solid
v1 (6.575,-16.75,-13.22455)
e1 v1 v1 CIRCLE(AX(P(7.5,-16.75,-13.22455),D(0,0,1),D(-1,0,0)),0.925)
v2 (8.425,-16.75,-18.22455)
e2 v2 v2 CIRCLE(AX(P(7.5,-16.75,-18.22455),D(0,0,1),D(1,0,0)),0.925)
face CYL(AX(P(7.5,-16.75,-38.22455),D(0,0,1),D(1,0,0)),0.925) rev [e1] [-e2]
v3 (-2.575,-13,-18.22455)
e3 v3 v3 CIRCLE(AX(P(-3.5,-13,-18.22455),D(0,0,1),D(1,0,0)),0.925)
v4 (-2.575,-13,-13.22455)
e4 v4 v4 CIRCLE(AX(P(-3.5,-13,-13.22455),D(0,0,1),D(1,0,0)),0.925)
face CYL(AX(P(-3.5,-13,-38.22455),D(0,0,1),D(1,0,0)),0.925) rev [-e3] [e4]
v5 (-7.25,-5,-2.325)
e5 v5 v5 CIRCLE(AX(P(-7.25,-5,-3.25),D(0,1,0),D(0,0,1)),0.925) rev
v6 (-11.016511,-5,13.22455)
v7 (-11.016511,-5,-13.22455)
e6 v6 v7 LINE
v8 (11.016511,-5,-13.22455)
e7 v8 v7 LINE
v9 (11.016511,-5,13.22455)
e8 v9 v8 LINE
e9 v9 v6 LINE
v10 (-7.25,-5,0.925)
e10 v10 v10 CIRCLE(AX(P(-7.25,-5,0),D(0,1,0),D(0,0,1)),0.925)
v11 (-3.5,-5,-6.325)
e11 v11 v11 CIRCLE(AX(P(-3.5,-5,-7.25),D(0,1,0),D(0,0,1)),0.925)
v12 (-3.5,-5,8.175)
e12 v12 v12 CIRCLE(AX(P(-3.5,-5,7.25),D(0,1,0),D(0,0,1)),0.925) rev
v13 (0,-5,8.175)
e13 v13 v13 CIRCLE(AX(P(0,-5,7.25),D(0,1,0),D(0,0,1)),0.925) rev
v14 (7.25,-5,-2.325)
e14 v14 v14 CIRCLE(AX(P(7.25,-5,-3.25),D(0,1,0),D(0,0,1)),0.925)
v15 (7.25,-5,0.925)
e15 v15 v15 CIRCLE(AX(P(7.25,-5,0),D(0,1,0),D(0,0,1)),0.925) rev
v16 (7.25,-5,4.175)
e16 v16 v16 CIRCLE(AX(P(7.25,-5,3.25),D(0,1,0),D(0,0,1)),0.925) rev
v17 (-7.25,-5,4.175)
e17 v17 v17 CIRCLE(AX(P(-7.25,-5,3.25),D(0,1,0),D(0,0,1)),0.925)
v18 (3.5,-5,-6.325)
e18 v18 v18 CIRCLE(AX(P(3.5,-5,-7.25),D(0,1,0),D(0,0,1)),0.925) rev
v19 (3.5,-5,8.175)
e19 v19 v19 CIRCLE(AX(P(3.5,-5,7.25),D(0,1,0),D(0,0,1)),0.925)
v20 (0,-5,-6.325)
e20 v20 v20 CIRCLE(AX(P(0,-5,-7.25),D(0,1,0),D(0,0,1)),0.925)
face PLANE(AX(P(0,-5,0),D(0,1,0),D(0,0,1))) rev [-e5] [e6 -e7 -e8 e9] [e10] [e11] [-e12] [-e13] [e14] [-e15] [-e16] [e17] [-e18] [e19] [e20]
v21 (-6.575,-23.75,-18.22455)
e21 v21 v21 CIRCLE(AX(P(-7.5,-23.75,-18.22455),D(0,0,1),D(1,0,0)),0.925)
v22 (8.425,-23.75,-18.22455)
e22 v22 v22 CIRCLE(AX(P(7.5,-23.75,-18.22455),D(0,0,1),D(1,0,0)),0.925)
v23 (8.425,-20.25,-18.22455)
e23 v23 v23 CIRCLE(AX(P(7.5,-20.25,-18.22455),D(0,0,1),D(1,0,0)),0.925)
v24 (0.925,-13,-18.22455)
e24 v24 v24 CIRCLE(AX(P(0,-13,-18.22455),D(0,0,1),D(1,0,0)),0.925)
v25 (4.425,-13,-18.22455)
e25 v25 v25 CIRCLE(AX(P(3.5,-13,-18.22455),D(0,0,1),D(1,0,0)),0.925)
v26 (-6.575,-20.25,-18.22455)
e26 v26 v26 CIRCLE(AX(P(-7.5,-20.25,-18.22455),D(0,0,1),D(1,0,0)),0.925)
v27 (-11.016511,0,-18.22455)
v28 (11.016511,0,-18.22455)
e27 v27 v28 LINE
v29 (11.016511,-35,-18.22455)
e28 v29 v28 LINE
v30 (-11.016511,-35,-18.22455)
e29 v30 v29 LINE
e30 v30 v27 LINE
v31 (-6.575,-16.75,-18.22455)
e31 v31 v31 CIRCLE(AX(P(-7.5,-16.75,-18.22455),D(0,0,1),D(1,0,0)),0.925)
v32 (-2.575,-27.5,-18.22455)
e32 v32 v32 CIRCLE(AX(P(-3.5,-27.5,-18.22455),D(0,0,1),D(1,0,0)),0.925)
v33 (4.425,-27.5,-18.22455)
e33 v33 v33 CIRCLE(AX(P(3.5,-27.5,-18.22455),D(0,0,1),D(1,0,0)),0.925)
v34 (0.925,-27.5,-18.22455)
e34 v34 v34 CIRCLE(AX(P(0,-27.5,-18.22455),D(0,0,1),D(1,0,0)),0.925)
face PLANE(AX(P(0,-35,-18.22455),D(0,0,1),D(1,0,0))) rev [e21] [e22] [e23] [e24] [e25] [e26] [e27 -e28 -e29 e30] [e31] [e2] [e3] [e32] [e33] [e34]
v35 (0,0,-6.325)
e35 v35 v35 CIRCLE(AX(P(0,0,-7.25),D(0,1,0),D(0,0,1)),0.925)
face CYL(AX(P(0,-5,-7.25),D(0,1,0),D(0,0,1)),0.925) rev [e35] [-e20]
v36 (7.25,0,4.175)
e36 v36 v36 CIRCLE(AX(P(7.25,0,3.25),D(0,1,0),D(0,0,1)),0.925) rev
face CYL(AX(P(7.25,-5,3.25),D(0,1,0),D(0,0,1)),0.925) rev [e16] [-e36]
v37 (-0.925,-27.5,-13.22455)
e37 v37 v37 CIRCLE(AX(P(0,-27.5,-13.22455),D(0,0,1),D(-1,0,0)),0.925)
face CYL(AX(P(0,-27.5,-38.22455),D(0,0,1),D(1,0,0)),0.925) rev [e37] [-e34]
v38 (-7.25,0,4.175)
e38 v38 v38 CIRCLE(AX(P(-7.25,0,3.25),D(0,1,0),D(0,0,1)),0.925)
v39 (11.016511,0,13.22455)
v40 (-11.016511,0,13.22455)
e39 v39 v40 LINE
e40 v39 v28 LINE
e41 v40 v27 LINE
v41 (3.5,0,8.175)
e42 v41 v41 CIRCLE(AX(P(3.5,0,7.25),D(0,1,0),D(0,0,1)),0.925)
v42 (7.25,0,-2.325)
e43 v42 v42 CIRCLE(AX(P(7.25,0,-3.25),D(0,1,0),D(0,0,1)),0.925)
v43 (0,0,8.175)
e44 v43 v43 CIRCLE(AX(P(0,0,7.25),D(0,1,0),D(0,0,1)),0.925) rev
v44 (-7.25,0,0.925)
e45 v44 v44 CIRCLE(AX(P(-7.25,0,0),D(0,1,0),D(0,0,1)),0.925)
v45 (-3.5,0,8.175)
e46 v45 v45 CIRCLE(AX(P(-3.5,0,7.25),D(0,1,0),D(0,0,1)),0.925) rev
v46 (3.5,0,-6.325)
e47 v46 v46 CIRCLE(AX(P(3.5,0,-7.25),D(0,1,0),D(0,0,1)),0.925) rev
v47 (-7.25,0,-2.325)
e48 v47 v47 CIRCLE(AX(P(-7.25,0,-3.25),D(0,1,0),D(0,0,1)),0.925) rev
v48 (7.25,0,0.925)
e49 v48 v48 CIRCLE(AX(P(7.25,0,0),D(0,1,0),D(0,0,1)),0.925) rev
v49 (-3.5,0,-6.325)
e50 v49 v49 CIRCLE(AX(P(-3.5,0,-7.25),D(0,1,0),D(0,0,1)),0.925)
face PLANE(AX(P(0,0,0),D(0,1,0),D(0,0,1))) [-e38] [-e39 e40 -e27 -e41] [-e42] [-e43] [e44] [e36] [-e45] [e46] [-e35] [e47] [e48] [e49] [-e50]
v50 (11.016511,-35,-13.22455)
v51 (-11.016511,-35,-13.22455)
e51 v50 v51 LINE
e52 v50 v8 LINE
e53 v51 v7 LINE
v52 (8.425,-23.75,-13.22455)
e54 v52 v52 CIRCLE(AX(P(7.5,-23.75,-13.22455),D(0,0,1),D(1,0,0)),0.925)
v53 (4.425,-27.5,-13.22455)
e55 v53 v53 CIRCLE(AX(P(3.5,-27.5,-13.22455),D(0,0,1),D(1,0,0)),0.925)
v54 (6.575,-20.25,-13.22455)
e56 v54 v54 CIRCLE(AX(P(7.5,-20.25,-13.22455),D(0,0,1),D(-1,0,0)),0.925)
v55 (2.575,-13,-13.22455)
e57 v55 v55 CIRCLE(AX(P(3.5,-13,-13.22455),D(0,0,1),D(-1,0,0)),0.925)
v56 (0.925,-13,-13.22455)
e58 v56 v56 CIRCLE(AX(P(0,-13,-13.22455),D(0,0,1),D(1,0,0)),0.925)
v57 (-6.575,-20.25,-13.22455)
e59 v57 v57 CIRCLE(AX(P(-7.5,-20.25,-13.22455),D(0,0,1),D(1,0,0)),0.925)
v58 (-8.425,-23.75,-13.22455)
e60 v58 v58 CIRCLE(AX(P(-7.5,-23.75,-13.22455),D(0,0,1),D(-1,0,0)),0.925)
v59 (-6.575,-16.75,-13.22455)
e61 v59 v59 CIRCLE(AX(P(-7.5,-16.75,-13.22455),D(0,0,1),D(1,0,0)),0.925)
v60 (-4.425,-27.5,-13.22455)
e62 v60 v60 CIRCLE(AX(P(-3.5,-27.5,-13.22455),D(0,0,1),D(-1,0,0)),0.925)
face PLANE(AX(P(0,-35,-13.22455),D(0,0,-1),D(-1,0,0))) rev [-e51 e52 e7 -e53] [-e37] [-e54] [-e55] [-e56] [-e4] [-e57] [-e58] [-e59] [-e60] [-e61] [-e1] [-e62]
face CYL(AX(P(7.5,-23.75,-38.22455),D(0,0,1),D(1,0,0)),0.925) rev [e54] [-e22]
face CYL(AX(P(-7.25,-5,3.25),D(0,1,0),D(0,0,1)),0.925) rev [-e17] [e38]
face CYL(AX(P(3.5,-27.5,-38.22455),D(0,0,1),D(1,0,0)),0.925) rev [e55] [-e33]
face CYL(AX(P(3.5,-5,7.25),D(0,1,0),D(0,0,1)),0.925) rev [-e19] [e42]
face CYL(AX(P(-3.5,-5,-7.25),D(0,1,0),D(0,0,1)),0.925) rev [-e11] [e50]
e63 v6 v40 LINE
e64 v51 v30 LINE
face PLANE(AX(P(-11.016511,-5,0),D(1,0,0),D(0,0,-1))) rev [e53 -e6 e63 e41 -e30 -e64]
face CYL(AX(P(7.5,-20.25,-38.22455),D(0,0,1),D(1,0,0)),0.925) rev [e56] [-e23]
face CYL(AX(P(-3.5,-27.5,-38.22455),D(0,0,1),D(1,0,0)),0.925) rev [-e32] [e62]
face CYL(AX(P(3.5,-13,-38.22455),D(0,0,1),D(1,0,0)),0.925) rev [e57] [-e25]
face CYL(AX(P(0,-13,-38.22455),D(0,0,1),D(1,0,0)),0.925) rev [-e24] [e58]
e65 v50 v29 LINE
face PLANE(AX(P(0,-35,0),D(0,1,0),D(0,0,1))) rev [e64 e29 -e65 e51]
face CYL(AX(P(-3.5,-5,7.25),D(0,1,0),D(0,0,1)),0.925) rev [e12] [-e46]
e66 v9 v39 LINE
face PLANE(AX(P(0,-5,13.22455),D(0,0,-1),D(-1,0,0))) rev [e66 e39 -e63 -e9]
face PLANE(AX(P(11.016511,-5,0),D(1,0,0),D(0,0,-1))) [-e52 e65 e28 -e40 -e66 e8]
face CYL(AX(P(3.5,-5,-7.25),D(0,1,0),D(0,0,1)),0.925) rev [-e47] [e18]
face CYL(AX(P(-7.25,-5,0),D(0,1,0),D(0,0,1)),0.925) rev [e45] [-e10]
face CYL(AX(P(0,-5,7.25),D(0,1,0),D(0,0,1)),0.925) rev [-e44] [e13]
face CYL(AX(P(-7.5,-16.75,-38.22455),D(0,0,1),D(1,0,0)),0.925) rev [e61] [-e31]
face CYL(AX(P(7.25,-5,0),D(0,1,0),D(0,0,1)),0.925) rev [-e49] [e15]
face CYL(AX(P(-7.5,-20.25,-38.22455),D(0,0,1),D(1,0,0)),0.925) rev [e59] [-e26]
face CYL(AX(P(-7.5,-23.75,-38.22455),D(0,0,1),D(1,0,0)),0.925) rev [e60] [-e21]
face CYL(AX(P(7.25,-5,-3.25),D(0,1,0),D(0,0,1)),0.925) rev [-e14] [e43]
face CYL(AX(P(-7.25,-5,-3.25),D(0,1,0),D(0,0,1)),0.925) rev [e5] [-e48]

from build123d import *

# Parameters (mm, degrees)
SKETCH_1_W          = 22.033021484
SKETCH_1_H          = 26.449100754
SKETCH_1_R          = 0.925
EXTRUDE_1_DEPTH     = 5
SKETCH_1_3_W        = 22.033021484
SKETCH_1_3_H        = 5
EXTRUDE_2_DEPTH     = 35
SKETCH_3_R          = 0.925
CUT_EXTRUDE_1_DEPTH = 25


with BuildPart() as part:
    # Эскиз1 → Бобышка-Вытянуть1 (new body)
    with BuildSketch(Plane(origin=(0, 0, 0), x_dir=(1, 0, 0), z_dir=(0, 1, 0))):
        Rectangle(SKETCH_1_W, SKETCH_1_H)
        with Locations((-3.5, -7.25)):
            Circle(SKETCH_1_R, mode=Mode.SUBTRACT)
        with Locations((-7.25, -3.25)):
            Circle(SKETCH_1_R, mode=Mode.SUBTRACT)
        with Locations((-7.25, 0)):
            Circle(SKETCH_1_R, mode=Mode.SUBTRACT)
        with Locations((0, -7.25)):
            Circle(SKETCH_1_R, mode=Mode.SUBTRACT)
        with Locations((3.5, -7.25)):
            Circle(SKETCH_1_R, mode=Mode.SUBTRACT)
        with Locations((7.25, -3.25)):
            Circle(SKETCH_1_R, mode=Mode.SUBTRACT)
        with Locations((7.25, 0)):
            Circle(SKETCH_1_R, mode=Mode.SUBTRACT)
        with Locations((-7.25, 3.25)):
            Circle(SKETCH_1_R, mode=Mode.SUBTRACT)
        with Locations((-3.5, 7.25)):
            Circle(SKETCH_1_R, mode=Mode.SUBTRACT)
        with Locations((0, 7.25)):
            Circle(SKETCH_1_R, mode=Mode.SUBTRACT)
        with Locations((3.5, 7.25)):
            Circle(SKETCH_1_R, mode=Mode.SUBTRACT)
        with Locations((7.25, 3.25)):
            Circle(SKETCH_1_R, mode=Mode.SUBTRACT)
    extrude(amount=-EXTRUDE_1_DEPTH)

    # Эскиз1<3> → Бобышка-Вытянуть2 (add)
    with BuildSketch(Plane(origin=(0, 0, 0), x_dir=(1, 0, 0), z_dir=(0, 1, 0))):
        with Locations((0, 15.724550377)):
            Rectangle(SKETCH_1_3_W, SKETCH_1_3_H)
    extrude(amount=-EXTRUDE_2_DEPTH)

    # Эскиз3 → Вырез-Вытянуть1 (cut)
    with BuildSketch(Plane.XY.offset(-13.224550377)):
        with Locations((0, -13)):
            Circle(SKETCH_3_R)
        with Locations((-3.5, -13)):
            Circle(SKETCH_3_R)
        with Locations((3.5, -13)):
            Circle(SKETCH_3_R)
        with Locations((3.5, -27.5)):
            Circle(SKETCH_3_R)
        with Locations((0, -27.5)):
            Circle(SKETCH_3_R)
        with Locations((-3.5, -27.5)):
            Circle(SKETCH_3_R)
        with Locations((-7.5, -20.25)):
            Circle(SKETCH_3_R)
        with Locations((-7.5, -16.75)):
            Circle(SKETCH_3_R)
        with Locations((-7.5, -23.75)):
            Circle(SKETCH_3_R)
        with Locations((7.5, -16.75)):
            Circle(SKETCH_3_R)
        with Locations((7.5, -20.25)):
            Circle(SKETCH_3_R)
        with Locations((7.5, -23.75)):
            Circle(SKETCH_3_R)
    extrude(amount=-CUT_EXTRUDE_1_DEPTH, mode=Mode.SUBTRACT)


solid = part.part
